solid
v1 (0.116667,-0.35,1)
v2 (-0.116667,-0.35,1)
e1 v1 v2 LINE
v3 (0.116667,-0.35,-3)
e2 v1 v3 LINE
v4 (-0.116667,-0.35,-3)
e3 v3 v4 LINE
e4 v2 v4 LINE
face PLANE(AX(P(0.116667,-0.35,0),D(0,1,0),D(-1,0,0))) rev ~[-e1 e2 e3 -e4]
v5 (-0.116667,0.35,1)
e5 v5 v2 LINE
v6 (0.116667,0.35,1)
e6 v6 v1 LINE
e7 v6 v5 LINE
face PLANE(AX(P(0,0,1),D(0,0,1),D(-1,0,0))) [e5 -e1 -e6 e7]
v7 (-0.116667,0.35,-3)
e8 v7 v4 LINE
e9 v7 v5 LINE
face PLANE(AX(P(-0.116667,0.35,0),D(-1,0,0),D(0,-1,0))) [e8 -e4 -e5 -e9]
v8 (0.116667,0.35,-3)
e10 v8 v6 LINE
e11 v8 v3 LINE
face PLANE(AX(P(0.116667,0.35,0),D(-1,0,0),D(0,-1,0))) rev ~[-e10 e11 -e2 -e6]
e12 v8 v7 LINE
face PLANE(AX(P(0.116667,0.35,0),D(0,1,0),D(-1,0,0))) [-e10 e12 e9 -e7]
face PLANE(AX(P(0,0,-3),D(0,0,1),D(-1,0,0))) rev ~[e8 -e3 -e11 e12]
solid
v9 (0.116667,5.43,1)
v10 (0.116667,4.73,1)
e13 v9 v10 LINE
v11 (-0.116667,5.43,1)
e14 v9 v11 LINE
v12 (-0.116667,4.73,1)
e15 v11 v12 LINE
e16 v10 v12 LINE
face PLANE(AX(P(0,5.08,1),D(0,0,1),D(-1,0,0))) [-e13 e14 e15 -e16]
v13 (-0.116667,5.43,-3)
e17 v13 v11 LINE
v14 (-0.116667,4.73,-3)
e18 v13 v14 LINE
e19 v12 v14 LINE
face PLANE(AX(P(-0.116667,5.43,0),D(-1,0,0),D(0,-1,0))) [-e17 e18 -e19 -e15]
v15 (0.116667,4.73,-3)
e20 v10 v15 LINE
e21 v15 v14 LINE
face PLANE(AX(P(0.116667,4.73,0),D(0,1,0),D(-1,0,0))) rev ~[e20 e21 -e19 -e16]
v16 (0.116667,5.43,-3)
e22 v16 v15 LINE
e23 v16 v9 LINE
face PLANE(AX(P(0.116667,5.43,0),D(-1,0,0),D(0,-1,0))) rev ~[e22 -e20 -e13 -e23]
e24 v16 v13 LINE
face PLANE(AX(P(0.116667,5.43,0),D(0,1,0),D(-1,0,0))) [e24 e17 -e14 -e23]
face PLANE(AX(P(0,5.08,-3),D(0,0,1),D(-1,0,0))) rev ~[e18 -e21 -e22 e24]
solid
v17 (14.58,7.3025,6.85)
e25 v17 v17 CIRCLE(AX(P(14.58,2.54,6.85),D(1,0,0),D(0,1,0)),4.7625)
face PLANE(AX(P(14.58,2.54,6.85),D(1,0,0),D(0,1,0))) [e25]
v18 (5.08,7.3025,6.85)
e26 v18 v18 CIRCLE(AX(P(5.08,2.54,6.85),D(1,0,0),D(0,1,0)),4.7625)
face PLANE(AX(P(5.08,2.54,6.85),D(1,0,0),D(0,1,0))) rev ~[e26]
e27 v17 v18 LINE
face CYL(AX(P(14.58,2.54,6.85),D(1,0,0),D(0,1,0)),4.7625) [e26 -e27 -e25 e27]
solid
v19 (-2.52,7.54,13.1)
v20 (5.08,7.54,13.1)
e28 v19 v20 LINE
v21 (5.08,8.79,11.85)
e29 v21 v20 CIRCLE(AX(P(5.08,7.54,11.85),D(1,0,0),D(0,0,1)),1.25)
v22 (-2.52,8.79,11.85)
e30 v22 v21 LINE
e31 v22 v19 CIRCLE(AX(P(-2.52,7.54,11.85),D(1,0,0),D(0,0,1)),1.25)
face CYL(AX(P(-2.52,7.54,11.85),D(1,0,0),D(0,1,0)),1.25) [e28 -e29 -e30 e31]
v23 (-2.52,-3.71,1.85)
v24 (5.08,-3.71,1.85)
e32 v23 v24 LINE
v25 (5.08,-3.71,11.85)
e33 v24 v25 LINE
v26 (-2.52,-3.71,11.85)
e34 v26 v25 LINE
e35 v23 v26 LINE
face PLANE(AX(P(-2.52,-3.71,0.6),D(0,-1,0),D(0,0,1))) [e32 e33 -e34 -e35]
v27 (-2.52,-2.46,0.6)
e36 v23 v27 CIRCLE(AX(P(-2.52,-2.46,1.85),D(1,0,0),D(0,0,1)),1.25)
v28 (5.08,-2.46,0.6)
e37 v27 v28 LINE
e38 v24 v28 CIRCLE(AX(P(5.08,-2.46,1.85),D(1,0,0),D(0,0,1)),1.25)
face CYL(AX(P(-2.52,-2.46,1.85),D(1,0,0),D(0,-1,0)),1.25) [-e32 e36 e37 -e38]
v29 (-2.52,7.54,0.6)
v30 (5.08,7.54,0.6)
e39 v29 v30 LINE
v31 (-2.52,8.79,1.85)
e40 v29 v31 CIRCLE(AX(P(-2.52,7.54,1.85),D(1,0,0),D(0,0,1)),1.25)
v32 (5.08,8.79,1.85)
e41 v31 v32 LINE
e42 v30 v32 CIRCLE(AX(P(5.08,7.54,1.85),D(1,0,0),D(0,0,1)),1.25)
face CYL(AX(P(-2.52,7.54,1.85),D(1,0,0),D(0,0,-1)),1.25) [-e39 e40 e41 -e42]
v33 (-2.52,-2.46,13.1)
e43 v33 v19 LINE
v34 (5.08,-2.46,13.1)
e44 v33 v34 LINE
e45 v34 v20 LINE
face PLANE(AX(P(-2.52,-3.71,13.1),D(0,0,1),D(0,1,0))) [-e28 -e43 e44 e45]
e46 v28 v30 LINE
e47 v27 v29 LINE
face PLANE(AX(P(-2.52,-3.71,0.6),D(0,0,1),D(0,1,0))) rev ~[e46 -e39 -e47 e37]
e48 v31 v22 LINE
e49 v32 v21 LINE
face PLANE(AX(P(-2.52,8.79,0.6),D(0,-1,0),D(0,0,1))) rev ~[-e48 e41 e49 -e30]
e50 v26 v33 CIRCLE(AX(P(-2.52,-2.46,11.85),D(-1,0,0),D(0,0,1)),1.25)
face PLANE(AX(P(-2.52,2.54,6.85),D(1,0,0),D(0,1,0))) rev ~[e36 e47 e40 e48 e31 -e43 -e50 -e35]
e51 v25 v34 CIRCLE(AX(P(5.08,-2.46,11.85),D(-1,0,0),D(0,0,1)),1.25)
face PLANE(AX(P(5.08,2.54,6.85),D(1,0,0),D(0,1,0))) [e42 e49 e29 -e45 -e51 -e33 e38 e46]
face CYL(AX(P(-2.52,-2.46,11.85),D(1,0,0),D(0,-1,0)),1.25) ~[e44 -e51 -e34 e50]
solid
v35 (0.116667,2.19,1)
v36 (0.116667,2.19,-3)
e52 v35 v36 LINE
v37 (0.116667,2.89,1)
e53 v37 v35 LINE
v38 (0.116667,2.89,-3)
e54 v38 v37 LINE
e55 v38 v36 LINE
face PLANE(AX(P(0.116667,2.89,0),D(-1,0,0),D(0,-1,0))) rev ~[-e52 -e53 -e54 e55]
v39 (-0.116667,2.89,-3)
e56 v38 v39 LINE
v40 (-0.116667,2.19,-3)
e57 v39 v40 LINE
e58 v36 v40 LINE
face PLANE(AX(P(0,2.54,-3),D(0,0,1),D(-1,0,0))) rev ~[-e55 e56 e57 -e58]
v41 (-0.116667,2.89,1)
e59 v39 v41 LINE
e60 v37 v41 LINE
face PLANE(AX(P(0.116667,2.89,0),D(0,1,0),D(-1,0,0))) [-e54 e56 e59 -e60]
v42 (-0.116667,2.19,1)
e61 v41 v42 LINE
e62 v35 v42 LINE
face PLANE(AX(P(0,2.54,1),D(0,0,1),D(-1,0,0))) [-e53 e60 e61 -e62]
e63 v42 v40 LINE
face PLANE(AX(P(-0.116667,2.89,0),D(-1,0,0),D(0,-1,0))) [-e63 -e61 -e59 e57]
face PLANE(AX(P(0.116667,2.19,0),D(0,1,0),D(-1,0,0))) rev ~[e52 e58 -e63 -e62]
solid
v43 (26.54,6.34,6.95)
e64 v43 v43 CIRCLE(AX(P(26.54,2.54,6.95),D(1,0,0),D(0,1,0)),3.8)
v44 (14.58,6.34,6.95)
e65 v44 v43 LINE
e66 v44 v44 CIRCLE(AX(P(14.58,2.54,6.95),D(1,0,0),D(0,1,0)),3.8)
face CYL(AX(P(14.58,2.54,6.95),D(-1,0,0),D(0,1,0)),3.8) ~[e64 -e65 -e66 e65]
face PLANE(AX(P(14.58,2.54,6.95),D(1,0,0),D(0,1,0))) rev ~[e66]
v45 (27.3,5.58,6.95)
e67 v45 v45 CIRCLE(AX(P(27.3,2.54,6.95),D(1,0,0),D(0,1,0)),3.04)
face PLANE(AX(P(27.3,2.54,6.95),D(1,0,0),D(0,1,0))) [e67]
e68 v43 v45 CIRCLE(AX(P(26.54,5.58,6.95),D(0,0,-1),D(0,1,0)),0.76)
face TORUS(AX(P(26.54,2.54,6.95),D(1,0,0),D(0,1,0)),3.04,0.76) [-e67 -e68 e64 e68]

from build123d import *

# Parameters (mm, degrees)
SKETCH001_R       = 4.7625
PAD001_DEPTH      = 9.5
SKETCH003_W       = 0.233334
SKETCH003_H       = 0.7
PAD002_DEPTH      = 1
PAD002_DEPTH_BACK = 3
SKETCH004_R       = 3.8
PAD003_DEPTH      = 12.72
FILLET_R          = 0.76
SKETCH_W          = 12.5
SKETCH_H          = 12.5
PAD_DEPTH         = 7.6
FILLET001_R       = 1.25


with BuildPart() as pad001:
    # Sketch001 → Pad001 (new body)
    with BuildSketch(Plane.YZ.offset(14.58)):
        with Locations((2.54, 6.85)):
            Circle(SKETCH001_R)
    extrude(amount=-PAD001_DEPTH)


with BuildPart() as pad002:
    # Sketch003 → Pad002 (new body, two sides)
    with BuildSketch(Plane(origin=(0, 0, 0), x_dir=(-1, 0, 0), z_dir=(0, 0, 1))) as pad002_sk:
        Rectangle(SKETCH003_W, SKETCH003_H)
        with Locations((0, -2.54)):
            Rectangle(SKETCH003_W, SKETCH003_H)
        with Locations((0, -5.08)):
            Rectangle(SKETCH003_W, SKETCH003_H)
    extrude(amount=PAD002_DEPTH)
    extrude(pad002_sk.sketch, amount=-PAD002_DEPTH_BACK)


with BuildPart() as fillet_body:
    # Sketch004 → Pad003 (new body)
    with BuildSketch(Plane.YZ.offset(14.58)):
        with Locations((2.54, 6.95)):
            Circle(SKETCH004_R)
    extrude(amount=PAD003_DEPTH)

    # Fillet
    fillet_edges = [fillet_body.edges().sort_by_distance(p)[0] for p in [
        (27.3, -1.26, 6.95),
    ]]
    fillet(fillet_edges, radius=FILLET_R)


with BuildPart() as fillet001:
    # Sketch → Pad (new body)
    with BuildSketch(Plane.YZ.offset(-2.52)):
        with Locations((2.54, 6.85)):
            Rectangle(SKETCH_W, SKETCH_H)
    extrude(amount=PAD_DEPTH)

    # Fillet001
    fillet001_edges = [fillet001.edges().sort_by_distance(p)[0] for p in [
        (1.28, -3.71, 13.1),
        (1.28, 8.79, 13.1),
        (1.28, -3.71, 0.6),
        (1.28, 8.79, 0.6),
    ]]
    fillet(fillet001_edges, radius=FILLET001_R)


solid = Compound([pad001.part, pad002.part, fillet_body.part, fillet001.part])
